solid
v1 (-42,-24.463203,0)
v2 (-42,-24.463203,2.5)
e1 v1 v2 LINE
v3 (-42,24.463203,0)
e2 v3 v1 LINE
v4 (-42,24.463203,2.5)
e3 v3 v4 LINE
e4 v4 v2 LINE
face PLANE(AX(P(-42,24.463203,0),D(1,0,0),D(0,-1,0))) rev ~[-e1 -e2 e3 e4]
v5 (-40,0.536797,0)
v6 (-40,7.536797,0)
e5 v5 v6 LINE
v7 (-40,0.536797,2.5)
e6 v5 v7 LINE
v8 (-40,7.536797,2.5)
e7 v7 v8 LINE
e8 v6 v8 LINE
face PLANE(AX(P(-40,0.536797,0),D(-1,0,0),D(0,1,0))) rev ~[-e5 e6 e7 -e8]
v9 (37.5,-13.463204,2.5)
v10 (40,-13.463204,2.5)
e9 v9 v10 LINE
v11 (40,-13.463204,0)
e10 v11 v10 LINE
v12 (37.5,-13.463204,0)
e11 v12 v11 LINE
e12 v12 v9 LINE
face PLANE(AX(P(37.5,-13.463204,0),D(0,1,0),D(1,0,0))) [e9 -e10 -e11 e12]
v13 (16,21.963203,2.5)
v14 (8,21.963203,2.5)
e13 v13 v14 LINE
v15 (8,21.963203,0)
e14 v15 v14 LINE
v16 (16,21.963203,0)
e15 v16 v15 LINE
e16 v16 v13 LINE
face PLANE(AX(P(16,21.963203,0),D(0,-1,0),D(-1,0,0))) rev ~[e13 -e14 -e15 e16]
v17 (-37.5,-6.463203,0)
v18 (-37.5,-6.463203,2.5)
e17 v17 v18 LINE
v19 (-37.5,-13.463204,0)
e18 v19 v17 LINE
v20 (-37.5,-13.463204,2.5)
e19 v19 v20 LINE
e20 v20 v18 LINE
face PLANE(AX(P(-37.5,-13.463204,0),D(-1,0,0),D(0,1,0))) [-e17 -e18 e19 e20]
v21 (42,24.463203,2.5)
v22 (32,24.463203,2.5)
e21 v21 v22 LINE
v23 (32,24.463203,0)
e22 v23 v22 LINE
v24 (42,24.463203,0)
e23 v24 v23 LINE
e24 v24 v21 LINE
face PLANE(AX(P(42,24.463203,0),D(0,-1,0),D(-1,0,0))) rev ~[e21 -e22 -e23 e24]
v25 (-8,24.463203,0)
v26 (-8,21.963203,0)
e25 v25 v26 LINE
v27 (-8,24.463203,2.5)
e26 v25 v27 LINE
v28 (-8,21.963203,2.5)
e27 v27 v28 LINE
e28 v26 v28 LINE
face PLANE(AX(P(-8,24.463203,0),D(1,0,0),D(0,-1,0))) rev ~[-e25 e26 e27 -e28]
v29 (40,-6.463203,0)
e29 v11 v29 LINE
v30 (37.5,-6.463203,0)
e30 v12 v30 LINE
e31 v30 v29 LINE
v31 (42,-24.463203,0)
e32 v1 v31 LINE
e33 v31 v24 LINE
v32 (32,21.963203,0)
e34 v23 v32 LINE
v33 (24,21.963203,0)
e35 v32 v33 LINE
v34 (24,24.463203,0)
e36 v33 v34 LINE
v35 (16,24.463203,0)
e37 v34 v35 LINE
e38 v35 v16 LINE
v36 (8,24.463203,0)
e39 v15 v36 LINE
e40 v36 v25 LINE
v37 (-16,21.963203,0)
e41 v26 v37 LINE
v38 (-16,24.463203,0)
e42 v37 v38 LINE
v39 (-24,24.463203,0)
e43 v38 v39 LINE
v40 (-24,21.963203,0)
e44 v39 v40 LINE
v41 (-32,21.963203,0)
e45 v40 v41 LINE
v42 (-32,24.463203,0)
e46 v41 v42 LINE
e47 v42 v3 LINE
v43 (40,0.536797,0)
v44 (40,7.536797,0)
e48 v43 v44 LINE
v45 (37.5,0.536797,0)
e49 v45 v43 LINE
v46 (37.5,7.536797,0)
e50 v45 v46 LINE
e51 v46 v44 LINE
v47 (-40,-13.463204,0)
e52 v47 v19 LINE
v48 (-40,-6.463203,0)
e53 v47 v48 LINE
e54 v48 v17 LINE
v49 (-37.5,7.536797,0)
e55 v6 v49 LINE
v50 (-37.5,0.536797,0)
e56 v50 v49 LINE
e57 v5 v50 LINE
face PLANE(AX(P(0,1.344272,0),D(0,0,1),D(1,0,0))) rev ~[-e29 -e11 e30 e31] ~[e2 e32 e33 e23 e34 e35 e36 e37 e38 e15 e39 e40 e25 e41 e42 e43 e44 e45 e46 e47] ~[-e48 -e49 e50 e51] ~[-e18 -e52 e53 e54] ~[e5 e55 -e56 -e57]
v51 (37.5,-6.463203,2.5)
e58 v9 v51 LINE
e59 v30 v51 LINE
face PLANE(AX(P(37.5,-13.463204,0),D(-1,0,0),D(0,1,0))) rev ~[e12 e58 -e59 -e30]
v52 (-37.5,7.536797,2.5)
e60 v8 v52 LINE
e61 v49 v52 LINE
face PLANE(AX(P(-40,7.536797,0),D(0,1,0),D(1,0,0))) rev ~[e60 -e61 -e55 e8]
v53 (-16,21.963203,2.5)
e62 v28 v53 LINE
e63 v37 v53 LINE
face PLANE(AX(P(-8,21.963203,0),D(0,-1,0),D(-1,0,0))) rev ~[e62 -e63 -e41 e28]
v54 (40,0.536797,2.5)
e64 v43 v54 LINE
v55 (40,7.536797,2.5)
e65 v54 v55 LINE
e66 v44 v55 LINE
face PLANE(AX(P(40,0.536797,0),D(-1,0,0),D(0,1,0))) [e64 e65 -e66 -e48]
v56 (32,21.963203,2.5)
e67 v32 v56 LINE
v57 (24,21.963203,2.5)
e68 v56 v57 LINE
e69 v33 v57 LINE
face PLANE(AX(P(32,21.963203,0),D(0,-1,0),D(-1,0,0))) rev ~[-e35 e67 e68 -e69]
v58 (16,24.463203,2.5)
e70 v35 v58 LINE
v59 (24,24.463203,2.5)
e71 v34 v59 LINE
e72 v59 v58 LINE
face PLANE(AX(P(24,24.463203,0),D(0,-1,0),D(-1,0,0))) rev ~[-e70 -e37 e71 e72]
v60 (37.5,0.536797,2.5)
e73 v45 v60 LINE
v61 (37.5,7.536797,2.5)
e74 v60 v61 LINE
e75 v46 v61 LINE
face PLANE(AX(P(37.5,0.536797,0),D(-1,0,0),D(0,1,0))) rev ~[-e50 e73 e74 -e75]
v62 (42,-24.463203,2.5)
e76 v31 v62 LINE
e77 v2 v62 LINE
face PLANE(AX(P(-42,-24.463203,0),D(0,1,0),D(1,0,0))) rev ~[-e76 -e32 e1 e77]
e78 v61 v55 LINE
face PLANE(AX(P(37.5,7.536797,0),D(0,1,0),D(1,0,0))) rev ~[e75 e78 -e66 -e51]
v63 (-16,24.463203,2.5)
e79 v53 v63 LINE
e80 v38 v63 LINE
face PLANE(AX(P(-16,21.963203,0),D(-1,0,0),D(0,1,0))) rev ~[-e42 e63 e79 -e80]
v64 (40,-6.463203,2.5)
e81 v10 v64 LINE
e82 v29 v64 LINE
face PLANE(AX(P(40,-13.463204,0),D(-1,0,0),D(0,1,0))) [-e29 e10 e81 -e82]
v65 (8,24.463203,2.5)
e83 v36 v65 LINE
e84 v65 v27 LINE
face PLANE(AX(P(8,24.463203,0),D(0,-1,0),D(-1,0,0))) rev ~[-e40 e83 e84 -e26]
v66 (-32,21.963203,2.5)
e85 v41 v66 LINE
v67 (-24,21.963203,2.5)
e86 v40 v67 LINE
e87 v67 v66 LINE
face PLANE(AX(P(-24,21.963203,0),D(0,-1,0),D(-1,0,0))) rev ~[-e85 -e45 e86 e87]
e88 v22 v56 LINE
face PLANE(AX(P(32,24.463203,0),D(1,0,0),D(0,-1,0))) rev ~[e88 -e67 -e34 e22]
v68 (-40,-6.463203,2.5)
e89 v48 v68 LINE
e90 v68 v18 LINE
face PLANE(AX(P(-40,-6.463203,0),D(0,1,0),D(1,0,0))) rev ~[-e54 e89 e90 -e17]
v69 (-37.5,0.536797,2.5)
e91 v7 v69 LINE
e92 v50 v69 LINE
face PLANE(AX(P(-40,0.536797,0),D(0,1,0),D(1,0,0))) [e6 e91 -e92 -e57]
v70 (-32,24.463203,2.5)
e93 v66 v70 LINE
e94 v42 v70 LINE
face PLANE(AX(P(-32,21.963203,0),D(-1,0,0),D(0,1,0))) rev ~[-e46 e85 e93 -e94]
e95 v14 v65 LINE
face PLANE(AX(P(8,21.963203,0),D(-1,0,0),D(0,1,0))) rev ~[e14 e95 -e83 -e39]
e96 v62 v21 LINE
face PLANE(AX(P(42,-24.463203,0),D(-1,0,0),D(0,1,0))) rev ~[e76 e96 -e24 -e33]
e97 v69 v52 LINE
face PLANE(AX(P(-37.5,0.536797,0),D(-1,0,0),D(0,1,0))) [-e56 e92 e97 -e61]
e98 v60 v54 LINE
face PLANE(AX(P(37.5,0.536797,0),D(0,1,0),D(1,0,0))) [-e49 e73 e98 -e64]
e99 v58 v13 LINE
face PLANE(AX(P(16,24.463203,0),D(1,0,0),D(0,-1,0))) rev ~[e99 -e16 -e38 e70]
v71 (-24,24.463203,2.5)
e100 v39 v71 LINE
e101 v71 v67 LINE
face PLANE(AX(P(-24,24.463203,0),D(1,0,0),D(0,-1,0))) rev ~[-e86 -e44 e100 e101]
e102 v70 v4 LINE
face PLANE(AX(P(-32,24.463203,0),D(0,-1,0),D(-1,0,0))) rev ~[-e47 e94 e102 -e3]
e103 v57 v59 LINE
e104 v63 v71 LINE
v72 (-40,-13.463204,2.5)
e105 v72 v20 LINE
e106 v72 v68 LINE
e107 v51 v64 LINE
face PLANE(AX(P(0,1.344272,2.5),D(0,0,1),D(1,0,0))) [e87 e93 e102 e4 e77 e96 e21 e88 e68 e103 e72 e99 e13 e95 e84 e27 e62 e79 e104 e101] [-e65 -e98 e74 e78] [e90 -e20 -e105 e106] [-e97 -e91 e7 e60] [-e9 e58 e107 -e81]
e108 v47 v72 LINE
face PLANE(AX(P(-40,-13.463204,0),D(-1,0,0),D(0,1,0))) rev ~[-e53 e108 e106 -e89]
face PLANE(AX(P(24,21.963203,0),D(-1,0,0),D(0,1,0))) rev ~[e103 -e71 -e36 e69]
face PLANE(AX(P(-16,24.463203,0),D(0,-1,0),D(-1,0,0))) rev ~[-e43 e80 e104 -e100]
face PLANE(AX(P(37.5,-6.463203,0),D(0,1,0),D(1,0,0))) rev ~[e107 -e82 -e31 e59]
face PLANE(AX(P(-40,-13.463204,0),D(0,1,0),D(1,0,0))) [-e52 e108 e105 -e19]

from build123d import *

# Parameters (mm, degrees)
SKETCH1_W           = 2.5
SKETCH1_H           = 7
BOSS_EXTRUDE1_DEPTH = 2.5


with BuildPart() as part:
    # Sketch1 → Boss-Extrude1 (new body)
    with BuildSketch(Plane.XY):
        Polygon((-24, 24.4632035), (-24, 21.9632035), (-32, 21.9632035), (-32, 24.4632035), (-42, 24.4632035), (-42, -24.4632035), (42, -24.4632035), (42, 24.4632035), (32, 24.4632035), (32, 21.9632035), (24, 21.9632035), (24, 24.4632035), (16, 24.4632035), (16, 21.9632035), (8, 21.9632035), (8, 24.4632035), (-8, 24.4632035), (-8, 21.9632035), (-16, 21.9632035), (-16, 24.4632035), align=None)
        with Locations((38.75, 4.0367965)):
            Rectangle(SKETCH1_W, SKETCH1_H, mode=Mode.SUBTRACT)
        with Locations((-38.75, -9.9632035)):
            Rectangle(SKETCH1_W, SKETCH1_H, mode=Mode.SUBTRACT)
        with Locations((38.75, -9.9632035)):
            Rectangle(SKETCH1_W, SKETCH1_H, mode=Mode.SUBTRACT)
        with Locations((-38.75, 4.0367965)):
            Rectangle(SKETCH1_W, SKETCH1_H, mode=Mode.SUBTRACT)
    extrude(amount=BOSS_EXTRUDE1_DEPTH)


solid = part.part
